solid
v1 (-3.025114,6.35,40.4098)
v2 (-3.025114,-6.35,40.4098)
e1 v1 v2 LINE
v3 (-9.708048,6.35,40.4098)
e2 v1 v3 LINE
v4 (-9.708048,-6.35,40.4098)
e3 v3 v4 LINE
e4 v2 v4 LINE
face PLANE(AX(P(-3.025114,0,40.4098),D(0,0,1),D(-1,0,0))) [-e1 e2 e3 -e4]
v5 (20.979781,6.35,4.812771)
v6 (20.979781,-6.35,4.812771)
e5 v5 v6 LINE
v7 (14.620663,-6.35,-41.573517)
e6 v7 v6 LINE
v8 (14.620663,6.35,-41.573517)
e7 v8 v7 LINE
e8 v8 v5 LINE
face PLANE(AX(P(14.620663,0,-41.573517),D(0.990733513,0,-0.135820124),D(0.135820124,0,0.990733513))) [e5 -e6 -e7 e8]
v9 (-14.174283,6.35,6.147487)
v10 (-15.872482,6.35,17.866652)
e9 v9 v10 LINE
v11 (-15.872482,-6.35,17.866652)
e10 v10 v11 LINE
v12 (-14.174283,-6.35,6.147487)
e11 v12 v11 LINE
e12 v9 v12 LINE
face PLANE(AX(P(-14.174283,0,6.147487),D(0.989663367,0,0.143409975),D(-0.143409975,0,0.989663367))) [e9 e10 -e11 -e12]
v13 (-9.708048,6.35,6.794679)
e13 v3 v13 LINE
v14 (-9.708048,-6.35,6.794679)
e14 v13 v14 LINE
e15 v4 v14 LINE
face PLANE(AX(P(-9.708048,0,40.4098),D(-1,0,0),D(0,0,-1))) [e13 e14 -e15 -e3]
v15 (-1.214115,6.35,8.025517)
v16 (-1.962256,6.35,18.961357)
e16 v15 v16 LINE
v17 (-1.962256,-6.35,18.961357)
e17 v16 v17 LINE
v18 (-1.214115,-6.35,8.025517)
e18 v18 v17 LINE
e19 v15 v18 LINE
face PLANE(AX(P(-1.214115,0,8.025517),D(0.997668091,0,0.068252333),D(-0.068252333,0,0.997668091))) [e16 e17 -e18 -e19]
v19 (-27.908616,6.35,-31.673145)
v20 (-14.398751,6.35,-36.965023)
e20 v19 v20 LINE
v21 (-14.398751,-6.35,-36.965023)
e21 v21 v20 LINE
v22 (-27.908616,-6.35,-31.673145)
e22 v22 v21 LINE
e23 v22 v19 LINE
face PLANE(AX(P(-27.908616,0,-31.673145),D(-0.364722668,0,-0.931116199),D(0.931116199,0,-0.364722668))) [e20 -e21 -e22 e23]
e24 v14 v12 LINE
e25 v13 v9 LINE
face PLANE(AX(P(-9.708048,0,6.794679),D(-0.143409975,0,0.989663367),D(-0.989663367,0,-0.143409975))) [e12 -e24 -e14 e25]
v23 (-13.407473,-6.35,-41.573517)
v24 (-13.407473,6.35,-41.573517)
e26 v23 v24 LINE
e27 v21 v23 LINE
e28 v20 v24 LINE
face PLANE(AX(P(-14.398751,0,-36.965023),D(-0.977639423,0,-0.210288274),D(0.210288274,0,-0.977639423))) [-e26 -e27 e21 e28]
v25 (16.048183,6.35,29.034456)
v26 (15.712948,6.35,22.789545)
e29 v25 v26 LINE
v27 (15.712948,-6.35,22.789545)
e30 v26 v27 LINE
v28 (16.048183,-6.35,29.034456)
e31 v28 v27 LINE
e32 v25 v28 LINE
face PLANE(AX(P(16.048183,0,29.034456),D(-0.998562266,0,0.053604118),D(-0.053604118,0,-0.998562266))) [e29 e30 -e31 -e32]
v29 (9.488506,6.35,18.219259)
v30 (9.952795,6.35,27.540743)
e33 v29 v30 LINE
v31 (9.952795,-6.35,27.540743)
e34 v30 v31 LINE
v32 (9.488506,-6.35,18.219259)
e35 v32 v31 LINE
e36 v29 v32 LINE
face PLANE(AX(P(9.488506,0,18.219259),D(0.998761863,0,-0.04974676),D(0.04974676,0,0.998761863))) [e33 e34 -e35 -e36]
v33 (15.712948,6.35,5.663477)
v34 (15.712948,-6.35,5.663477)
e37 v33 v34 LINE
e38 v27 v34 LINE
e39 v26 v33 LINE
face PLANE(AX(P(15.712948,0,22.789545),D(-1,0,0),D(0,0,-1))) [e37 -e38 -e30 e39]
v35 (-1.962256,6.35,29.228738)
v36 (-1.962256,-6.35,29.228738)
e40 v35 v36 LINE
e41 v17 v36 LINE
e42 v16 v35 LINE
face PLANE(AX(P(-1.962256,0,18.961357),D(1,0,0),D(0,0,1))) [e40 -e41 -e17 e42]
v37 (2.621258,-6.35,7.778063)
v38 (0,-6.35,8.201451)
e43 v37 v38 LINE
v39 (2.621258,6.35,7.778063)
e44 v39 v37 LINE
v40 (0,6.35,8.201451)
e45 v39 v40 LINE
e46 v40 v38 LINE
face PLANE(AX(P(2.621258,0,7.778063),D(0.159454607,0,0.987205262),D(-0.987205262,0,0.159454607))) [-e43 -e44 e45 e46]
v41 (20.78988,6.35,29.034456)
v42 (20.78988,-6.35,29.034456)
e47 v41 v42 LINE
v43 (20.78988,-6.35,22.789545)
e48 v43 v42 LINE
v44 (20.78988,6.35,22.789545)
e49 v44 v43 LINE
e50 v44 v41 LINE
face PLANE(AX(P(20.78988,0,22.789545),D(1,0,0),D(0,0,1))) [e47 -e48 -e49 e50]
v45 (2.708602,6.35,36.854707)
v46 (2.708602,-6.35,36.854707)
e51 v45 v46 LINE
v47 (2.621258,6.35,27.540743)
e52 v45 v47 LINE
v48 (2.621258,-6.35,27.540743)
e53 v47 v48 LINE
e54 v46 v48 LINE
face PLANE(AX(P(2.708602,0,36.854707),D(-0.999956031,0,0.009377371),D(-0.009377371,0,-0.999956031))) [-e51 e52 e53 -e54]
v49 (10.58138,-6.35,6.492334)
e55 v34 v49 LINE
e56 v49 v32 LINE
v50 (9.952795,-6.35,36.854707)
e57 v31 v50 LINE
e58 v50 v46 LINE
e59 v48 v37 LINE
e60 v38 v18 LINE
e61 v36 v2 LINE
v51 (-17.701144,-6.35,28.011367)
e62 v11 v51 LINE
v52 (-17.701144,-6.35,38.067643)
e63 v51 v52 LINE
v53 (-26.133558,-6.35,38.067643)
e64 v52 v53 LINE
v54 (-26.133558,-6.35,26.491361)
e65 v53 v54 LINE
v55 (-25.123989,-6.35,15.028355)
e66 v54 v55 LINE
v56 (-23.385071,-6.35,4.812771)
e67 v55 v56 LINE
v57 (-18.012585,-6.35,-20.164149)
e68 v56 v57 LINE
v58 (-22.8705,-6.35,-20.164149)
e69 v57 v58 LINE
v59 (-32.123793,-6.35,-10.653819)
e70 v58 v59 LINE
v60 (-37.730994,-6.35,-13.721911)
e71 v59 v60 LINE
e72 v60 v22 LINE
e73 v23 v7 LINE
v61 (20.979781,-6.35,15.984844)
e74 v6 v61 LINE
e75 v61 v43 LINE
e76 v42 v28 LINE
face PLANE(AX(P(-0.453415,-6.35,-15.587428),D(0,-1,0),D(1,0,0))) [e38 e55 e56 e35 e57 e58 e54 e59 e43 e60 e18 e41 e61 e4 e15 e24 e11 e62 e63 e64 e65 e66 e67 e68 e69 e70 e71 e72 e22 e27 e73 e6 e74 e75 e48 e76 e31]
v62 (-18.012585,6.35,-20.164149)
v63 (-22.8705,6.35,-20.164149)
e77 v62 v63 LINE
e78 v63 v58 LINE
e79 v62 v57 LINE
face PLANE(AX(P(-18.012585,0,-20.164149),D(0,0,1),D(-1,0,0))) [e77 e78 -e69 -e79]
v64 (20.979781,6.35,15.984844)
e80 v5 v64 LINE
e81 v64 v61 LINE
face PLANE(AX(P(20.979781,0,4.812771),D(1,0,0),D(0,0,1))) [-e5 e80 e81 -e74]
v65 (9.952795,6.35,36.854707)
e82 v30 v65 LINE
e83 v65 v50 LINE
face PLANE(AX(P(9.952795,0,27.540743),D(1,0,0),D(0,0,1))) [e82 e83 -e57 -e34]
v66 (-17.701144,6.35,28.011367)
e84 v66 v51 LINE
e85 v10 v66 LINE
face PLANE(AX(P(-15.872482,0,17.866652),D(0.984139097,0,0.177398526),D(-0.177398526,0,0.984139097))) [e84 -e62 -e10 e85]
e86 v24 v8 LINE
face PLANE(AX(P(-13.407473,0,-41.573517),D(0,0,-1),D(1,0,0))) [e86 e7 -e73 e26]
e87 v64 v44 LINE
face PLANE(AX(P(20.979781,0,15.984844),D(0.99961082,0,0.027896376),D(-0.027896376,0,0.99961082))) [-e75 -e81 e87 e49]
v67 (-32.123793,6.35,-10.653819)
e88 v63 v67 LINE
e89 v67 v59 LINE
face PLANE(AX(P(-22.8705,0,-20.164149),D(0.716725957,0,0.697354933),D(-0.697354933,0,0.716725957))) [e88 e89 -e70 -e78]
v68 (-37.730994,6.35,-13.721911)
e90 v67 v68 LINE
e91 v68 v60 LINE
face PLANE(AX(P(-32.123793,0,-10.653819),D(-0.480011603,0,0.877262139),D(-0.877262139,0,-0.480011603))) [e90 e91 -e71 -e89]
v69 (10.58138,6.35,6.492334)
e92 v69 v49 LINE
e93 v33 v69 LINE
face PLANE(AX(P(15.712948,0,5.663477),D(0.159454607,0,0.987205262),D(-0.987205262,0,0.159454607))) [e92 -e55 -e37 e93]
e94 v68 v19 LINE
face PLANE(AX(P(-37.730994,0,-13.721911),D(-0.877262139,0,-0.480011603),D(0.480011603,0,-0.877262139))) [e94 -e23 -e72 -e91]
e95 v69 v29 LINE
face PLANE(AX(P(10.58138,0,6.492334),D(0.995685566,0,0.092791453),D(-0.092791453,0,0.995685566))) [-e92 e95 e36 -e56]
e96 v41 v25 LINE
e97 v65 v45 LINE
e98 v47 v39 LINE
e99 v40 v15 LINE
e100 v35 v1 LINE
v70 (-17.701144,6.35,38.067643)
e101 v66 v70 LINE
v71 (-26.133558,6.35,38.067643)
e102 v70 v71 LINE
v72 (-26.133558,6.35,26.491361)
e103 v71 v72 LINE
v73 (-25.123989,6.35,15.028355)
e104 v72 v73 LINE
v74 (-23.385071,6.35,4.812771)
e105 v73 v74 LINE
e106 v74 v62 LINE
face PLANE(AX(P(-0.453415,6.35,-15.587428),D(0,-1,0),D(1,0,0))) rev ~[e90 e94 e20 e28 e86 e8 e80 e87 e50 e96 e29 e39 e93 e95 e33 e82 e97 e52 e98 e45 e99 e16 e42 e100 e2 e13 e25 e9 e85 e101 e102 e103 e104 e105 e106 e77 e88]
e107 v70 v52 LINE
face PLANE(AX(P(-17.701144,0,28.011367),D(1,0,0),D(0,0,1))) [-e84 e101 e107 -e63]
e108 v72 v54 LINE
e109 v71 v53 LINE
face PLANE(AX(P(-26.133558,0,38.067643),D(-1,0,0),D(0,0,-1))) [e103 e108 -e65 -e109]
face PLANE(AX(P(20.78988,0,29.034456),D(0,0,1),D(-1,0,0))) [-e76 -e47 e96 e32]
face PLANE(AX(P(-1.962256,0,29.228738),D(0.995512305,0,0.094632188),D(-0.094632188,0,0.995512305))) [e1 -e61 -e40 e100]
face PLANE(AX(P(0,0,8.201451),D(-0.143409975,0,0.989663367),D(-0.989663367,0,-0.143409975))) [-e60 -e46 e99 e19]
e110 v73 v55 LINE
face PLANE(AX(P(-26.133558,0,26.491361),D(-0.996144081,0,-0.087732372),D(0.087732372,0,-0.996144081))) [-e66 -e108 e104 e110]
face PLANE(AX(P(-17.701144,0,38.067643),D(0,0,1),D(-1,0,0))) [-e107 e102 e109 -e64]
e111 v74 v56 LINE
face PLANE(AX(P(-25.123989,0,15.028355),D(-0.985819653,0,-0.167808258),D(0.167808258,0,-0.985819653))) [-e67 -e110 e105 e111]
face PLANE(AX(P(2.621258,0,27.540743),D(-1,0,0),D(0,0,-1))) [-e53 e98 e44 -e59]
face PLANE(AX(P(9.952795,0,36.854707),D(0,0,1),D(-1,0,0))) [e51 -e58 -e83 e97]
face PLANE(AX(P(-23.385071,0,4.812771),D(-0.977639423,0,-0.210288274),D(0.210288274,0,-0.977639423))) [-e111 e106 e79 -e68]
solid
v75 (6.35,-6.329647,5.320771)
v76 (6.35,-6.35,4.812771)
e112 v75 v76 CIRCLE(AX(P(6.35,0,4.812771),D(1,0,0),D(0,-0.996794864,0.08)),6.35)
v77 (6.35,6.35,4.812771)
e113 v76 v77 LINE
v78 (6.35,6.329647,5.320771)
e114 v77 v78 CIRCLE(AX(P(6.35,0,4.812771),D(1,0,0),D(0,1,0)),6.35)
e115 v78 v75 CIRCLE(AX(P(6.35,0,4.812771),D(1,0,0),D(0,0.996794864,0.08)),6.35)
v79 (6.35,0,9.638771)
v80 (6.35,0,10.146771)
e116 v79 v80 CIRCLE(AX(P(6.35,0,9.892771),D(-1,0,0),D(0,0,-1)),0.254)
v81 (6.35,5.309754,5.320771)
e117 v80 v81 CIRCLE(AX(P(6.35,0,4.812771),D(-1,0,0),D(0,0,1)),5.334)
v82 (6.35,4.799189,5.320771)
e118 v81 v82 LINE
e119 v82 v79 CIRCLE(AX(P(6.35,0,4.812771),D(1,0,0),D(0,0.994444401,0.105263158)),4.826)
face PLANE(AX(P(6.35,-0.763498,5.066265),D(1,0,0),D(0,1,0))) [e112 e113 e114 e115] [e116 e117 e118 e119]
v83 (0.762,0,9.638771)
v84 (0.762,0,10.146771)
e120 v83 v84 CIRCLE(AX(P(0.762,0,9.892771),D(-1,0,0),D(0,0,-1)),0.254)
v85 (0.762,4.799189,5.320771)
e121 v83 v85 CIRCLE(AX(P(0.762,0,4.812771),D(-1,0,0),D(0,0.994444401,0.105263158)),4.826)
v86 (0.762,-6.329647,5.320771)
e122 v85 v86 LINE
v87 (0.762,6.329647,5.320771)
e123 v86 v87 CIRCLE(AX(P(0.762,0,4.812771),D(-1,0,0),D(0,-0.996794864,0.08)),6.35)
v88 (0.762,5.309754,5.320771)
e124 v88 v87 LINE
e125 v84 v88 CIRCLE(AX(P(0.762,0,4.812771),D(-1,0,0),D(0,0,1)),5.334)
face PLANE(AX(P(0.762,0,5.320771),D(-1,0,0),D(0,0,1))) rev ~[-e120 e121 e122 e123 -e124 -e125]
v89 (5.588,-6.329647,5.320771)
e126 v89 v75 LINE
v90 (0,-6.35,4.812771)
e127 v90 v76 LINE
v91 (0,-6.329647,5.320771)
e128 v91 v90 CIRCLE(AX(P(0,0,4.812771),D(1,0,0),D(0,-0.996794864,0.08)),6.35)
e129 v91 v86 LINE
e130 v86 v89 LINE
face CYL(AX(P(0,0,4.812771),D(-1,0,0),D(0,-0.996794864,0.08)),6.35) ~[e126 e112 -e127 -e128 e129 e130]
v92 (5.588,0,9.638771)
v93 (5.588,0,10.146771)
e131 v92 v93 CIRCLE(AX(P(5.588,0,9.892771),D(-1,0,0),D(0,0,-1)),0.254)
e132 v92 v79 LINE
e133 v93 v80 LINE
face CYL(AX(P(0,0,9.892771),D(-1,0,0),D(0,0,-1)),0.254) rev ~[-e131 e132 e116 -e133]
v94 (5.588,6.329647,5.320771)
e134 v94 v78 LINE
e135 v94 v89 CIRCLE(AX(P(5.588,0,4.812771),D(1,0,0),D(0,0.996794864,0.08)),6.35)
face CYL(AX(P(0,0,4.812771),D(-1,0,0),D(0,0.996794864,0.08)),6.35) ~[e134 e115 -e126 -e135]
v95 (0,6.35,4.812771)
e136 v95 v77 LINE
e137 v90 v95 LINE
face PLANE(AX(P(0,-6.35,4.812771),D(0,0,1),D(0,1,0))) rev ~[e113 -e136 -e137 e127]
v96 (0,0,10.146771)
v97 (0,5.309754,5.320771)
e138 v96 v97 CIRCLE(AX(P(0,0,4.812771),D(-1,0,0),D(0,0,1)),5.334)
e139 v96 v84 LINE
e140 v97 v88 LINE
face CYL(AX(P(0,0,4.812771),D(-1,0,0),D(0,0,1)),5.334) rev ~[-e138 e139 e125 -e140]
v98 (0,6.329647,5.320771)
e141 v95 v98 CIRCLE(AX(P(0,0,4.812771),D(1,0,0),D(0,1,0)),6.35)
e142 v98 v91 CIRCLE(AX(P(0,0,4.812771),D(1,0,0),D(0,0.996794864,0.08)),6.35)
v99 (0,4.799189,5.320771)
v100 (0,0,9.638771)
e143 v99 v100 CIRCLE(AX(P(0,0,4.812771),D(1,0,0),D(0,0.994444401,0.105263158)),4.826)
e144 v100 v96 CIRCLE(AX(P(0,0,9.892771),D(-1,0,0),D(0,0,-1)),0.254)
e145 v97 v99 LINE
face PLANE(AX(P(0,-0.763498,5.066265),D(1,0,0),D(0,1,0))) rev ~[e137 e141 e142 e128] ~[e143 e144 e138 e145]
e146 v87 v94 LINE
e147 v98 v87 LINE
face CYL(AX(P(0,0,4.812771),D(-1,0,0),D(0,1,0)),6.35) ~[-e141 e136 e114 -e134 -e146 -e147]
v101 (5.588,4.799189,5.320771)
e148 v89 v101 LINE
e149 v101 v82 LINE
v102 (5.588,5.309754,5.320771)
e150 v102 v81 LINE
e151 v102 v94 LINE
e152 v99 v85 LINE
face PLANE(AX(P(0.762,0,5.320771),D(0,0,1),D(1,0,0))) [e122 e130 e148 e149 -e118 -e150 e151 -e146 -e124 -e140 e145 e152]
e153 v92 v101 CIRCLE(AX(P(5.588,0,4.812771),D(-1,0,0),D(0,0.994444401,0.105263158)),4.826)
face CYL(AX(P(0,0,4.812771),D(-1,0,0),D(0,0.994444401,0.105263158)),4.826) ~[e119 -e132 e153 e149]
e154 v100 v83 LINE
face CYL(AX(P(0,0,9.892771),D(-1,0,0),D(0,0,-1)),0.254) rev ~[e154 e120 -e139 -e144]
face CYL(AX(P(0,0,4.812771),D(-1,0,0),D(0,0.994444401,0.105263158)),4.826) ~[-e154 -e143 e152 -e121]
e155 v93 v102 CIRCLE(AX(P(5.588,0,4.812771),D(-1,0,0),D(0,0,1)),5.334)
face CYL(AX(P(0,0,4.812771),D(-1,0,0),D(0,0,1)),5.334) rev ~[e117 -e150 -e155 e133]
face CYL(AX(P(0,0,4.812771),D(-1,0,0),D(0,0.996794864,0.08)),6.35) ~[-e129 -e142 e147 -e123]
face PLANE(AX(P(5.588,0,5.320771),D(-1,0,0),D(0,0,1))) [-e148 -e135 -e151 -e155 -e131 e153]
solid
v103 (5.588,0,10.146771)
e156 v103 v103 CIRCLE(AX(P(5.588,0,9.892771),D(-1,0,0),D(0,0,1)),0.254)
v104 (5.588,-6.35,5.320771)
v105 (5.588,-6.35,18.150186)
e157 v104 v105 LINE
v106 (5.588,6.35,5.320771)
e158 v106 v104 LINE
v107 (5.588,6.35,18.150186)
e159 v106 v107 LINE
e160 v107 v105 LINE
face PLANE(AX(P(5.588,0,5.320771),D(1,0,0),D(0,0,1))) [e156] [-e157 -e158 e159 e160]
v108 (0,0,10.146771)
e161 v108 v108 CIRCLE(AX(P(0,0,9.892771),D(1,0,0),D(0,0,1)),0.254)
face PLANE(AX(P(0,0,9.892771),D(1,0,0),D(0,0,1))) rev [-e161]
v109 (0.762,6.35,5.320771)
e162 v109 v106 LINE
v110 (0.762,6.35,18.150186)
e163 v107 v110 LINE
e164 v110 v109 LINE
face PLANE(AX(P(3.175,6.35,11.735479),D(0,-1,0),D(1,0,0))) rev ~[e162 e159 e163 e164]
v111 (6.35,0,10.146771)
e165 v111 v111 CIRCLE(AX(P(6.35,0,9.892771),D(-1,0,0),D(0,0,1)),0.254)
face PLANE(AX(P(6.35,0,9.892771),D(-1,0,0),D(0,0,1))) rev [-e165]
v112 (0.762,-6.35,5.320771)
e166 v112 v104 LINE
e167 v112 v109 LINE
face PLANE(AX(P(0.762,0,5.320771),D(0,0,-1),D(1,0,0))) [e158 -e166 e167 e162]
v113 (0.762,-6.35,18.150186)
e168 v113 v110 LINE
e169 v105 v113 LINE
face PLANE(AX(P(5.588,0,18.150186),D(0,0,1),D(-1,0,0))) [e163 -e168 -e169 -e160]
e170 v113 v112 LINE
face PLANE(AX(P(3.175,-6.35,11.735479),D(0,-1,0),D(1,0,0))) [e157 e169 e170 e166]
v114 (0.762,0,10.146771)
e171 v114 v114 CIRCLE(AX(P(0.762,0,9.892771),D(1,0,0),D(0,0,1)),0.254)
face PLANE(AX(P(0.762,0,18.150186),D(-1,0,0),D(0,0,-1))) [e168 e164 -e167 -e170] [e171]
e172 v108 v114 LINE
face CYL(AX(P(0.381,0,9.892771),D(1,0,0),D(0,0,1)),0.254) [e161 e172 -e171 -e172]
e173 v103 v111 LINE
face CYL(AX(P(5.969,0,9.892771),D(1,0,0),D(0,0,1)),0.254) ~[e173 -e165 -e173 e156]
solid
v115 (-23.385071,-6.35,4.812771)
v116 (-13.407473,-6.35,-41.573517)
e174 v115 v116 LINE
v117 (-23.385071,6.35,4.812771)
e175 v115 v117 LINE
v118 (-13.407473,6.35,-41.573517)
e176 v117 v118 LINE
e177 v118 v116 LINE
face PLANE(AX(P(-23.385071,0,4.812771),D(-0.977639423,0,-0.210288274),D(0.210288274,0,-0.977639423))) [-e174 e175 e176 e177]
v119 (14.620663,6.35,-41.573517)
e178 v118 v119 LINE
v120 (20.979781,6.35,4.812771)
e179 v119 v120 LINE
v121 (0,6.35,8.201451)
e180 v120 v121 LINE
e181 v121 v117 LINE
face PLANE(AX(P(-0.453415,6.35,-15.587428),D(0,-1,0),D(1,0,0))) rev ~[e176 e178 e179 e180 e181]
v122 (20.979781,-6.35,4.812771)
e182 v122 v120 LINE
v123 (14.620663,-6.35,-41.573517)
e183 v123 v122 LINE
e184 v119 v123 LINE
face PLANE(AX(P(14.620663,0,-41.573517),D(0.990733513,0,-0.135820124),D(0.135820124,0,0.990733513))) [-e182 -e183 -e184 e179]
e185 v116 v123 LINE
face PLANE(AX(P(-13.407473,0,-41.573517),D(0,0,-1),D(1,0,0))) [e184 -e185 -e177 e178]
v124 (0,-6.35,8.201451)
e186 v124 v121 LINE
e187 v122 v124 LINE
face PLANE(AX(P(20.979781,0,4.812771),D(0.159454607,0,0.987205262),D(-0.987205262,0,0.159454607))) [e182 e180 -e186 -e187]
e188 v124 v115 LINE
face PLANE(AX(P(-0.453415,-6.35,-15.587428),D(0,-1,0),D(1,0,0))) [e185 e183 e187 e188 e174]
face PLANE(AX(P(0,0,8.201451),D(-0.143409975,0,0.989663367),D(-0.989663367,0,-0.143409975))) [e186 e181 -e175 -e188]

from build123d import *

# Parameters (mm, degrees)
F1_DEPTH      = 6.35
F3_DEPTH      = 6.35
F5_DEPTH      = 6.35
F6_W          = 4.826
F6_H          = 6.6525887966
F7_DEPTH      = 6.351
F7_DEPTH_BACK = 6.351
F9_DEPTH      = 6.35
F8_W          = 0.762
F8_H          = 0.254


with BuildPart() as f1:
    # F0 (on Front) → F1 (new body, symmetric)
    with BuildSketch(Plane.XZ):
        Polygon((-13.4074734524, -41.5735170245), (14.6206625799, -41.5735170245), (20.9797807038, 4.8127714545), (15.7129475847, 5.6634768114), (10.5813797563, 6.4923339523), (2.6212576711, 7.7780626524), (0, 8.2014514123), (-1.2141149422, 8.0255166458), (-9.7080478445, 6.7946792273), (-14.174283288, 6.1474867232), (-23.3850708102, 4.8127714545), (-18.0125854804, -20.164148882), (-14.3987512264, -36.9650231017), align=None)
        Polygon((15.7129475847, 5.6634768114), (20.9797807038, 4.8127714545), (20.9797807038, 15.9848444164), (15.7129475847, 15.9848444164), align=None)
        Polygon((-27.908615768, -31.6731445491), (-14.3987512264, -36.9650231017), (-18.0125854804, -20.164148882), (-22.8704996407, -20.164148882), (-32.1237929165, -10.6538189575), (-37.7309935831, -13.7219114453), align=None)
        Polygon((15.7129475847, 15.9848444164), (20.9797807038, 15.9848444164), (20.7898803055, 22.7895453572), (15.7129475847, 22.7895453572), align=None)
        Polygon((2.6212576711, 7.7780626524), (10.5813797563, 6.4923339523), (9.4885062426, 18.2192586362), (2.6212576711, 18.2192586362), align=None)
        Polygon((15.7129475847, 22.7895453572), (20.7898803055, 22.7895453572), (20.7898803055, 29.0344562382), (16.048182505, 29.0344562382), align=None)
        Polygon((-25.1239885919, 15.028355293), (-23.3850708102, 4.8127714545), (-14.174283288, 6.1474867232), (-15.8724822104, 17.8666524589), align=None)
        Polygon((2.6212576711, 18.2192586362), (9.4885062426, 18.2192586362), (9.9527947605, 27.540743351), (2.6212576711, 27.540743351), align=None)
        Polygon((-26.1335580658, 26.49136069), (-25.1239885919, 15.028355293), (-15.8724822104, 17.8666524589), (-17.7011438751, 28.0113672105), align=None)
        Polygon((2.6212576711, 27.540743351), (9.9527947605, 27.540743351), (9.9527947605, 36.8547067046), (2.7086019982, 36.8547067046), align=None)
        Polygon((-9.7080478445, 18.1460105085), (-9.7080478445, 6.7946792273), (-1.2141149422, 8.0255166458), (-1.9622561522, 18.9613569528), align=None)
        Polygon((-26.1335580658, 38.0676425993), (-26.1335580658, 26.49136069), (-17.7011438751, 28.0113672105), (-17.7011438751, 38.0676425993), align=None)
        Polygon((-9.7080478445, 29.2287375778), (-9.7080478445, 18.1460105085), (-1.9622561522, 18.9613569528), (-1.9622561522, 29.2287375778), align=None)
        Polygon((-9.7080478445, 40.4097996652), (-9.7080478445, 29.2287375778), (-1.9622561522, 29.2287375778), (-3.0251143035, 40.4097996652), align=None)
    extrude(amount=F1_DEPTH, both=True)


with BuildPart() as f3:
    # F2 (on Front) → F3 (new body, symmetric)
    with BuildSketch(Plane.XZ):
        Polygon((-23.3850708102, 4.8127714545), (-13.4074734524, -41.5735170245), (14.6206625799, -41.5735170245), (20.9797807038, 4.8127714545), (0, 8.2014514123), align=None)
    extrude(amount=F3_DEPTH, both=True)


with BuildPart() as f5:
    # F4 (on Right) → F5 (new body)
    with BuildSketch(Plane.YZ):
        with BuildLine():
            Line((-6.35, 4.8127714545), (4.826, 4.8127714545))
            ThreePointArc((4.826, 4.8127714545), (4.8192925091, 5.0671249716), (4.7991886814, 5.3207714545))
            Line((4.7991886814, 5.3207714545), (-6.3296473835, 5.3207714545))
            ThreePointArc((-6.3296473835, 5.3207714545), (-6.3449098057, 5.0669752256), (-6.35, 4.8127714545))
        make_face()
        with BuildLine():
            Line((4.826, 4.8127714545), (5.334, 4.8127714545))
            ThreePointArc((5.334, 4.8127714545), (5.3279351571, 5.0670605852), (5.3097544199, 5.3207714545))
            Line((5.3097544199, 5.3207714545), (4.7991886814, 5.3207714545))
            ThreePointArc((4.7991886814, 5.3207714545), (4.8192925091, 5.0671249716), (4.826, 4.8127714545))
        make_face()
        with BuildLine():
            Line((5.334, 4.8127714545), (6.35, 4.8127714545))
            ThreePointArc((6.35, 4.8127714545), (6.3449098057, 5.0669752256), (6.3296473835, 5.3207714545))
            Line((6.3296473835, 5.3207714545), (5.3097544199, 5.3207714545))
            ThreePointArc((5.3097544199, 5.3207714545), (5.3279351571, 5.0670605852), (5.334, 4.8127714545))
        make_face()
        with BuildLine():
            Line((5.3097544199, 5.3207714545), (6.3296473835, 5.3207714545))
            ThreePointArc((6.3296473835, 5.3207714545), (0, 11.1627714545), (-6.3296473835, 5.3207714545))
            Line((-6.3296473835, 5.3207714545), (4.7991886814, 5.3207714545))
            ThreePointArc((4.7991886814, 5.3207714545), (3.2278993169, 8.400380965), (0, 9.6387714545))
            ThreePointArc((0, 9.6387714545), (-0.254, 9.8927714545), (0, 10.1467714545))
            ThreePointArc((0, 10.1467714545), (3.5876095105, 8.7600001025), (5.3097544199, 5.3207714545))
        make_face()
    extrude(amount=F5_DEPTH)

    # F6 (on Front) → F7 (cut, two sides)
    with BuildSketch(Plane.XZ) as f7_sk:
        with Locations((3.175, 8.6470658527)):
            Rectangle(F6_W, F6_H)
    extrude(amount=-F7_DEPTH, mode=Mode.SUBTRACT)
    extrude(f7_sk.sketch, amount=F7_DEPTH_BACK, mode=Mode.SUBTRACT)


with BuildPart() as f9:
    # F8 (on Front) → F9 (new body, symmetric)
    with BuildSketch(Plane.XZ):
        Polygon((0.762, 5.3207714545), (5.588, 5.3207714545), (5.588, 9.6387714545), (5.588, 9.8927714545), (5.588, 10.1467714545), (5.588, 18.1501861662), (0.762, 18.1501861662), (0.762, 10.1467714545), (0.762, 9.8927714545), (0.762, 9.6387714545), align=None)
    extrude(amount=F9_DEPTH, both=True)

    # F8 (on Front) → F10 (revolve)
    with BuildSketch(Plane.XZ):
        with Locations((5.969, 10.0197714545)):
            Rectangle(F8_W, F8_H)
    revolve(axis=Axis((5.969, 0, 9.8927714545), (-1, 0, 0)))

    # F8 (on Front) → F11 (revolve)
    with BuildSketch(Plane.XZ):
        with Locations((0.381, 10.0197714545)):
            Rectangle(F8_W, F8_H)
    revolve(axis=Axis((0.381, 0, 9.8927714545), (1, 0, 0)))


solid = Compound([f1.part, f3.part, f5.part, f9.part])
